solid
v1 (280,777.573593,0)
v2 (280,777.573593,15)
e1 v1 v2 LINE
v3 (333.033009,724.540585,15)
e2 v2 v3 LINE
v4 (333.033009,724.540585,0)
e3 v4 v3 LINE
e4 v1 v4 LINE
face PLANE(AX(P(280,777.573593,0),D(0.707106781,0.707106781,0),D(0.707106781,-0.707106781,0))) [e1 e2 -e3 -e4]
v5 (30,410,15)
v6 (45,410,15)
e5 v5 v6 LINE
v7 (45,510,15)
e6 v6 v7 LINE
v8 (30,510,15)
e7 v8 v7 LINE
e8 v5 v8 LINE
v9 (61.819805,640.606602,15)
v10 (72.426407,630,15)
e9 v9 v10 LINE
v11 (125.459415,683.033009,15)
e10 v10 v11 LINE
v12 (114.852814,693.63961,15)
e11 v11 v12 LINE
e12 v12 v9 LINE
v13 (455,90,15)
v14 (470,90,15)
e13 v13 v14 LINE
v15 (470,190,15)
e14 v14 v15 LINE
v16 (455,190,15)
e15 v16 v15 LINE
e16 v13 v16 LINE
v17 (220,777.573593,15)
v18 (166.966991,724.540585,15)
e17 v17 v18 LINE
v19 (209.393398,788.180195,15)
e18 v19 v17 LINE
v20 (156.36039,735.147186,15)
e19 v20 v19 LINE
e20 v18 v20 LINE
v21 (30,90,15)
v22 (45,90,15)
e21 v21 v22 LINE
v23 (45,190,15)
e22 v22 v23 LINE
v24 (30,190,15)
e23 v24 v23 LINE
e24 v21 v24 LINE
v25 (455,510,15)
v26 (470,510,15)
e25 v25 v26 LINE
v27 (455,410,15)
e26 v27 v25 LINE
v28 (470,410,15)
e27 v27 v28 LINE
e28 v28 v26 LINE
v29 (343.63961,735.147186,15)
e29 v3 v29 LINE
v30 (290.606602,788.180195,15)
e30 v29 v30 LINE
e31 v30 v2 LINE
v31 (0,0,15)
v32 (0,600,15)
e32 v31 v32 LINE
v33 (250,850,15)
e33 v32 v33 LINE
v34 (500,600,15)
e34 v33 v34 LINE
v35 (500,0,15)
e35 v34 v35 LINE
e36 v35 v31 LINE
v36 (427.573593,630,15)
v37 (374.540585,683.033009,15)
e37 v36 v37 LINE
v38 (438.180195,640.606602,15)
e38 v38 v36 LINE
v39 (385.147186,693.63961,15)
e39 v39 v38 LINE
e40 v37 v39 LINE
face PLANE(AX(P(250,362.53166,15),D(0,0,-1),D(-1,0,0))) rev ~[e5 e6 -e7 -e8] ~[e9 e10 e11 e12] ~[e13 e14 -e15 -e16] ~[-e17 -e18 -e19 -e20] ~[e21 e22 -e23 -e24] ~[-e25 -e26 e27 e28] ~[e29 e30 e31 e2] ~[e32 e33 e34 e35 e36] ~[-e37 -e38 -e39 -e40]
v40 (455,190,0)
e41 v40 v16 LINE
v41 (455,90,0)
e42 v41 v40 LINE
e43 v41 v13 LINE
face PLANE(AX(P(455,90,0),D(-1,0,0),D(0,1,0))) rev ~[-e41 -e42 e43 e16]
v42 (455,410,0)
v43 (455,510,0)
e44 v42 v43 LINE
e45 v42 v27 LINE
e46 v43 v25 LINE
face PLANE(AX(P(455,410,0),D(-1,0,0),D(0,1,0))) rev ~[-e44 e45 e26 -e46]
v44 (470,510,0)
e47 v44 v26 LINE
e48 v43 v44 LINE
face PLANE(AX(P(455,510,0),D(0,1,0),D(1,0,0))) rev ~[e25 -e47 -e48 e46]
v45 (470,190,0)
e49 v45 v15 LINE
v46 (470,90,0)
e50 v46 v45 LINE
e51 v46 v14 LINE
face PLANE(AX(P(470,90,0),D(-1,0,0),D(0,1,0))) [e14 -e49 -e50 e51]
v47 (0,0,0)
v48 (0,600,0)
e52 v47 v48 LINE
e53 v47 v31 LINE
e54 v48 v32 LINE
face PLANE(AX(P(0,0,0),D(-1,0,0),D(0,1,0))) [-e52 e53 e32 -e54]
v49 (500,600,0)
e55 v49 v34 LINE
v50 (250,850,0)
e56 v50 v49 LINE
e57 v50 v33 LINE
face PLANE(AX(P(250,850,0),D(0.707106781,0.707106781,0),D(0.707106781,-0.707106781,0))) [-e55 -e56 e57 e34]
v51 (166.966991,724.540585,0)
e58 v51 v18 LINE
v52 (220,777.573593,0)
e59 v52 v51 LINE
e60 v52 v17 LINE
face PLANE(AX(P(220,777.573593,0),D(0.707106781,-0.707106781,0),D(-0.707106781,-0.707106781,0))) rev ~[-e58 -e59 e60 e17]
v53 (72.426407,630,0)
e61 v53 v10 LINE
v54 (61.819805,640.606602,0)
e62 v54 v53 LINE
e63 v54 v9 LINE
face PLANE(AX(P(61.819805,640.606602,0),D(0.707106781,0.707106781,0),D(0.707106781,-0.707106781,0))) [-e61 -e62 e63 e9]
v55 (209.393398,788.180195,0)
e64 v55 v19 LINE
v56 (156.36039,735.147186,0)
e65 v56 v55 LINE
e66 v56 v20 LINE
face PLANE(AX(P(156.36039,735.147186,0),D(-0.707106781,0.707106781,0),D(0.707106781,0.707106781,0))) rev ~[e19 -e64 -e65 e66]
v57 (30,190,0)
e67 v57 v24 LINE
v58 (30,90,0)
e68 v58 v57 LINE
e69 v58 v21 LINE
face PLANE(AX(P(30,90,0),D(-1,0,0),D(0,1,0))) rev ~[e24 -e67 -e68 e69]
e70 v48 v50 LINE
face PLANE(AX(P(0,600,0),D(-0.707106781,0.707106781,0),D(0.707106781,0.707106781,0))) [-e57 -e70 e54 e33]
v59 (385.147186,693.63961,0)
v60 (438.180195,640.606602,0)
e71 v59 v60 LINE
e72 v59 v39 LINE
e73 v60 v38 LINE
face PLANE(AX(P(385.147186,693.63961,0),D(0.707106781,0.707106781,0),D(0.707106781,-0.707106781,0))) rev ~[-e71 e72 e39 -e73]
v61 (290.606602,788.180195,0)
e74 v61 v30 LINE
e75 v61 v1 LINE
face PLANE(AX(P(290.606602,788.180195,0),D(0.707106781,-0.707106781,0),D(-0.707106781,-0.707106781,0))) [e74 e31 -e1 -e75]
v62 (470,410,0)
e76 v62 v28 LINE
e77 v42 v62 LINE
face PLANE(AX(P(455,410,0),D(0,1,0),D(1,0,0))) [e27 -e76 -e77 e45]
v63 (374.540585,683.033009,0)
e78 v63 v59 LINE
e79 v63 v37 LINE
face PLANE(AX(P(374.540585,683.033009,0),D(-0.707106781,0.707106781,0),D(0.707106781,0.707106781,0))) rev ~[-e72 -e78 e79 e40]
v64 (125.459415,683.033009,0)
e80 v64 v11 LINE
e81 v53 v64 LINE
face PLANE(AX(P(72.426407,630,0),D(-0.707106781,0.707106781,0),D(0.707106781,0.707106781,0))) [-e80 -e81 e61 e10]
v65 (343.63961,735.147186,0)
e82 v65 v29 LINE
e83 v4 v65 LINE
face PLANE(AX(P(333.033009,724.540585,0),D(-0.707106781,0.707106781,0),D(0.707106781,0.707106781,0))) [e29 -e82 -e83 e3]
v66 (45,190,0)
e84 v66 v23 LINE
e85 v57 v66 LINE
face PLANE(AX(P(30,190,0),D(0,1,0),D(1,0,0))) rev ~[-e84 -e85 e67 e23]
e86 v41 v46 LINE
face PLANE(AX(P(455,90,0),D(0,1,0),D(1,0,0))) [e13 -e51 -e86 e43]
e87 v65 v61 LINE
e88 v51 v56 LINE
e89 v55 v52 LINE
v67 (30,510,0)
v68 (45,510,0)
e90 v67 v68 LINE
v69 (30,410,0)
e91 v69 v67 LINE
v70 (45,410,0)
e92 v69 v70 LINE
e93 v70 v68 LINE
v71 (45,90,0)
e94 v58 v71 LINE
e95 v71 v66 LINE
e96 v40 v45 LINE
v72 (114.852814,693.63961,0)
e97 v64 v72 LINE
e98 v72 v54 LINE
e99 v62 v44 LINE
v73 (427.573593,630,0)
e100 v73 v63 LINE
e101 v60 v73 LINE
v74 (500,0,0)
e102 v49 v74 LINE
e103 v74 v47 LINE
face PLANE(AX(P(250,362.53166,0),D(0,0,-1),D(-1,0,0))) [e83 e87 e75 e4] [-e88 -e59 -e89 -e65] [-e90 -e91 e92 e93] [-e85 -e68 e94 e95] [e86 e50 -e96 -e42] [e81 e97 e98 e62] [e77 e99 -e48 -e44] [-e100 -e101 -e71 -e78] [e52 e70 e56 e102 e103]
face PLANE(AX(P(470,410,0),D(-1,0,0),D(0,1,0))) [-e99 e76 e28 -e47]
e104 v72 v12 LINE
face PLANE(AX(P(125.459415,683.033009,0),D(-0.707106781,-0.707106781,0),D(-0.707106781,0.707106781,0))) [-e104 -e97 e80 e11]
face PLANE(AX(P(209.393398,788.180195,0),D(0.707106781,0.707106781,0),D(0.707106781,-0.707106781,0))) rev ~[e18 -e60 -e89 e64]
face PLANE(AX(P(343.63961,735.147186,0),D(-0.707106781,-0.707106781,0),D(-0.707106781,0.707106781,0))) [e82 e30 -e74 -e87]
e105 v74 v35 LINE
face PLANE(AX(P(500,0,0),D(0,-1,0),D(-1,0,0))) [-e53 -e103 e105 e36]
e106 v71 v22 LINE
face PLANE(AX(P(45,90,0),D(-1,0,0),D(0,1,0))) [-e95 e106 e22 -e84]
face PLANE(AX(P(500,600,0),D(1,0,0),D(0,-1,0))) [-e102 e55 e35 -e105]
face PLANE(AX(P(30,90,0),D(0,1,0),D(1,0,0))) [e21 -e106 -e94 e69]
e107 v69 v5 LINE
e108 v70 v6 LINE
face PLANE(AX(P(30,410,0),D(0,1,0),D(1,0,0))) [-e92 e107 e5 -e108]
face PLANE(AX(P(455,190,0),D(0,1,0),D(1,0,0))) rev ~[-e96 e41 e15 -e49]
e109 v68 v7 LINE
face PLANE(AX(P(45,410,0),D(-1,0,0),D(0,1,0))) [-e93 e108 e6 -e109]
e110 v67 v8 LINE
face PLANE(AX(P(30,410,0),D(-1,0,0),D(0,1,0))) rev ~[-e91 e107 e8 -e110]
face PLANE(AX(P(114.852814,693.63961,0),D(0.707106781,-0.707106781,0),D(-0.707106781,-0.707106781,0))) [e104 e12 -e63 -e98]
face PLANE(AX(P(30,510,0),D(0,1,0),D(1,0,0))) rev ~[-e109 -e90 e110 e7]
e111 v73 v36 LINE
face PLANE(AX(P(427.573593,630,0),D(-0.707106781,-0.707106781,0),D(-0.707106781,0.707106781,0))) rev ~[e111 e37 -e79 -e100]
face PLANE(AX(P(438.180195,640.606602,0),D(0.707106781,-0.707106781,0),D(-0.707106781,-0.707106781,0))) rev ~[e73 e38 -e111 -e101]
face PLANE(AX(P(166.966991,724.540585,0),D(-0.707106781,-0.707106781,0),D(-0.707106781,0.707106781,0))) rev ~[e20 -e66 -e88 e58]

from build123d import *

# Parameters (mm, degrees)
SKETCH1_W           = 15
SKETCH1_H           = 100
BOSS_EXTRUDE1_DEPTH = 15


with BuildPart() as part:
    # Sketch1 → Boss-Extrude1 (new body)
    with BuildSketch(Plane.XY):
        Polygon((0, 0), (0, 600), (250, 850), (500, 600), (500, 0), align=None)
        with Locations((37.5, 460)):
            Rectangle(SKETCH1_W, SKETCH1_H, mode=Mode.SUBTRACT)
        with Locations((462.5, 460)):
            Rectangle(SKETCH1_W, SKETCH1_H, mode=Mode.SUBTRACT)
        with Locations((462.5, 140)):
            Rectangle(SKETCH1_W, SKETCH1_H, mode=Mode.SUBTRACT)
        with Locations((37.5, 140)):
            Rectangle(SKETCH1_W, SKETCH1_H, mode=Mode.SUBTRACT)
        Polygon((61.819805153, 640.606601718), (72.426406871, 630), (125.45941546, 683.033008589), (114.852813742, 693.639610307), align=None, mode=Mode.SUBTRACT)
        Polygon((166.966991411, 724.54058454), (156.360389693, 735.147186258), (209.393398282, 788.180194847), (220, 777.573593129), align=None, mode=Mode.SUBTRACT)
        Polygon((280, 777.573593129), (333.033008589, 724.54058454), (343.639610307, 735.147186258), (290.606601718, 788.180194847), align=None, mode=Mode.SUBTRACT)
        Polygon((374.54058454, 683.033008589), (385.147186258, 693.639610307), (438.180194847, 640.606601718), (427.573593129, 630), align=None, mode=Mode.SUBTRACT)
    extrude(amount=BOSS_EXTRUDE1_DEPTH)


solid = part.part
